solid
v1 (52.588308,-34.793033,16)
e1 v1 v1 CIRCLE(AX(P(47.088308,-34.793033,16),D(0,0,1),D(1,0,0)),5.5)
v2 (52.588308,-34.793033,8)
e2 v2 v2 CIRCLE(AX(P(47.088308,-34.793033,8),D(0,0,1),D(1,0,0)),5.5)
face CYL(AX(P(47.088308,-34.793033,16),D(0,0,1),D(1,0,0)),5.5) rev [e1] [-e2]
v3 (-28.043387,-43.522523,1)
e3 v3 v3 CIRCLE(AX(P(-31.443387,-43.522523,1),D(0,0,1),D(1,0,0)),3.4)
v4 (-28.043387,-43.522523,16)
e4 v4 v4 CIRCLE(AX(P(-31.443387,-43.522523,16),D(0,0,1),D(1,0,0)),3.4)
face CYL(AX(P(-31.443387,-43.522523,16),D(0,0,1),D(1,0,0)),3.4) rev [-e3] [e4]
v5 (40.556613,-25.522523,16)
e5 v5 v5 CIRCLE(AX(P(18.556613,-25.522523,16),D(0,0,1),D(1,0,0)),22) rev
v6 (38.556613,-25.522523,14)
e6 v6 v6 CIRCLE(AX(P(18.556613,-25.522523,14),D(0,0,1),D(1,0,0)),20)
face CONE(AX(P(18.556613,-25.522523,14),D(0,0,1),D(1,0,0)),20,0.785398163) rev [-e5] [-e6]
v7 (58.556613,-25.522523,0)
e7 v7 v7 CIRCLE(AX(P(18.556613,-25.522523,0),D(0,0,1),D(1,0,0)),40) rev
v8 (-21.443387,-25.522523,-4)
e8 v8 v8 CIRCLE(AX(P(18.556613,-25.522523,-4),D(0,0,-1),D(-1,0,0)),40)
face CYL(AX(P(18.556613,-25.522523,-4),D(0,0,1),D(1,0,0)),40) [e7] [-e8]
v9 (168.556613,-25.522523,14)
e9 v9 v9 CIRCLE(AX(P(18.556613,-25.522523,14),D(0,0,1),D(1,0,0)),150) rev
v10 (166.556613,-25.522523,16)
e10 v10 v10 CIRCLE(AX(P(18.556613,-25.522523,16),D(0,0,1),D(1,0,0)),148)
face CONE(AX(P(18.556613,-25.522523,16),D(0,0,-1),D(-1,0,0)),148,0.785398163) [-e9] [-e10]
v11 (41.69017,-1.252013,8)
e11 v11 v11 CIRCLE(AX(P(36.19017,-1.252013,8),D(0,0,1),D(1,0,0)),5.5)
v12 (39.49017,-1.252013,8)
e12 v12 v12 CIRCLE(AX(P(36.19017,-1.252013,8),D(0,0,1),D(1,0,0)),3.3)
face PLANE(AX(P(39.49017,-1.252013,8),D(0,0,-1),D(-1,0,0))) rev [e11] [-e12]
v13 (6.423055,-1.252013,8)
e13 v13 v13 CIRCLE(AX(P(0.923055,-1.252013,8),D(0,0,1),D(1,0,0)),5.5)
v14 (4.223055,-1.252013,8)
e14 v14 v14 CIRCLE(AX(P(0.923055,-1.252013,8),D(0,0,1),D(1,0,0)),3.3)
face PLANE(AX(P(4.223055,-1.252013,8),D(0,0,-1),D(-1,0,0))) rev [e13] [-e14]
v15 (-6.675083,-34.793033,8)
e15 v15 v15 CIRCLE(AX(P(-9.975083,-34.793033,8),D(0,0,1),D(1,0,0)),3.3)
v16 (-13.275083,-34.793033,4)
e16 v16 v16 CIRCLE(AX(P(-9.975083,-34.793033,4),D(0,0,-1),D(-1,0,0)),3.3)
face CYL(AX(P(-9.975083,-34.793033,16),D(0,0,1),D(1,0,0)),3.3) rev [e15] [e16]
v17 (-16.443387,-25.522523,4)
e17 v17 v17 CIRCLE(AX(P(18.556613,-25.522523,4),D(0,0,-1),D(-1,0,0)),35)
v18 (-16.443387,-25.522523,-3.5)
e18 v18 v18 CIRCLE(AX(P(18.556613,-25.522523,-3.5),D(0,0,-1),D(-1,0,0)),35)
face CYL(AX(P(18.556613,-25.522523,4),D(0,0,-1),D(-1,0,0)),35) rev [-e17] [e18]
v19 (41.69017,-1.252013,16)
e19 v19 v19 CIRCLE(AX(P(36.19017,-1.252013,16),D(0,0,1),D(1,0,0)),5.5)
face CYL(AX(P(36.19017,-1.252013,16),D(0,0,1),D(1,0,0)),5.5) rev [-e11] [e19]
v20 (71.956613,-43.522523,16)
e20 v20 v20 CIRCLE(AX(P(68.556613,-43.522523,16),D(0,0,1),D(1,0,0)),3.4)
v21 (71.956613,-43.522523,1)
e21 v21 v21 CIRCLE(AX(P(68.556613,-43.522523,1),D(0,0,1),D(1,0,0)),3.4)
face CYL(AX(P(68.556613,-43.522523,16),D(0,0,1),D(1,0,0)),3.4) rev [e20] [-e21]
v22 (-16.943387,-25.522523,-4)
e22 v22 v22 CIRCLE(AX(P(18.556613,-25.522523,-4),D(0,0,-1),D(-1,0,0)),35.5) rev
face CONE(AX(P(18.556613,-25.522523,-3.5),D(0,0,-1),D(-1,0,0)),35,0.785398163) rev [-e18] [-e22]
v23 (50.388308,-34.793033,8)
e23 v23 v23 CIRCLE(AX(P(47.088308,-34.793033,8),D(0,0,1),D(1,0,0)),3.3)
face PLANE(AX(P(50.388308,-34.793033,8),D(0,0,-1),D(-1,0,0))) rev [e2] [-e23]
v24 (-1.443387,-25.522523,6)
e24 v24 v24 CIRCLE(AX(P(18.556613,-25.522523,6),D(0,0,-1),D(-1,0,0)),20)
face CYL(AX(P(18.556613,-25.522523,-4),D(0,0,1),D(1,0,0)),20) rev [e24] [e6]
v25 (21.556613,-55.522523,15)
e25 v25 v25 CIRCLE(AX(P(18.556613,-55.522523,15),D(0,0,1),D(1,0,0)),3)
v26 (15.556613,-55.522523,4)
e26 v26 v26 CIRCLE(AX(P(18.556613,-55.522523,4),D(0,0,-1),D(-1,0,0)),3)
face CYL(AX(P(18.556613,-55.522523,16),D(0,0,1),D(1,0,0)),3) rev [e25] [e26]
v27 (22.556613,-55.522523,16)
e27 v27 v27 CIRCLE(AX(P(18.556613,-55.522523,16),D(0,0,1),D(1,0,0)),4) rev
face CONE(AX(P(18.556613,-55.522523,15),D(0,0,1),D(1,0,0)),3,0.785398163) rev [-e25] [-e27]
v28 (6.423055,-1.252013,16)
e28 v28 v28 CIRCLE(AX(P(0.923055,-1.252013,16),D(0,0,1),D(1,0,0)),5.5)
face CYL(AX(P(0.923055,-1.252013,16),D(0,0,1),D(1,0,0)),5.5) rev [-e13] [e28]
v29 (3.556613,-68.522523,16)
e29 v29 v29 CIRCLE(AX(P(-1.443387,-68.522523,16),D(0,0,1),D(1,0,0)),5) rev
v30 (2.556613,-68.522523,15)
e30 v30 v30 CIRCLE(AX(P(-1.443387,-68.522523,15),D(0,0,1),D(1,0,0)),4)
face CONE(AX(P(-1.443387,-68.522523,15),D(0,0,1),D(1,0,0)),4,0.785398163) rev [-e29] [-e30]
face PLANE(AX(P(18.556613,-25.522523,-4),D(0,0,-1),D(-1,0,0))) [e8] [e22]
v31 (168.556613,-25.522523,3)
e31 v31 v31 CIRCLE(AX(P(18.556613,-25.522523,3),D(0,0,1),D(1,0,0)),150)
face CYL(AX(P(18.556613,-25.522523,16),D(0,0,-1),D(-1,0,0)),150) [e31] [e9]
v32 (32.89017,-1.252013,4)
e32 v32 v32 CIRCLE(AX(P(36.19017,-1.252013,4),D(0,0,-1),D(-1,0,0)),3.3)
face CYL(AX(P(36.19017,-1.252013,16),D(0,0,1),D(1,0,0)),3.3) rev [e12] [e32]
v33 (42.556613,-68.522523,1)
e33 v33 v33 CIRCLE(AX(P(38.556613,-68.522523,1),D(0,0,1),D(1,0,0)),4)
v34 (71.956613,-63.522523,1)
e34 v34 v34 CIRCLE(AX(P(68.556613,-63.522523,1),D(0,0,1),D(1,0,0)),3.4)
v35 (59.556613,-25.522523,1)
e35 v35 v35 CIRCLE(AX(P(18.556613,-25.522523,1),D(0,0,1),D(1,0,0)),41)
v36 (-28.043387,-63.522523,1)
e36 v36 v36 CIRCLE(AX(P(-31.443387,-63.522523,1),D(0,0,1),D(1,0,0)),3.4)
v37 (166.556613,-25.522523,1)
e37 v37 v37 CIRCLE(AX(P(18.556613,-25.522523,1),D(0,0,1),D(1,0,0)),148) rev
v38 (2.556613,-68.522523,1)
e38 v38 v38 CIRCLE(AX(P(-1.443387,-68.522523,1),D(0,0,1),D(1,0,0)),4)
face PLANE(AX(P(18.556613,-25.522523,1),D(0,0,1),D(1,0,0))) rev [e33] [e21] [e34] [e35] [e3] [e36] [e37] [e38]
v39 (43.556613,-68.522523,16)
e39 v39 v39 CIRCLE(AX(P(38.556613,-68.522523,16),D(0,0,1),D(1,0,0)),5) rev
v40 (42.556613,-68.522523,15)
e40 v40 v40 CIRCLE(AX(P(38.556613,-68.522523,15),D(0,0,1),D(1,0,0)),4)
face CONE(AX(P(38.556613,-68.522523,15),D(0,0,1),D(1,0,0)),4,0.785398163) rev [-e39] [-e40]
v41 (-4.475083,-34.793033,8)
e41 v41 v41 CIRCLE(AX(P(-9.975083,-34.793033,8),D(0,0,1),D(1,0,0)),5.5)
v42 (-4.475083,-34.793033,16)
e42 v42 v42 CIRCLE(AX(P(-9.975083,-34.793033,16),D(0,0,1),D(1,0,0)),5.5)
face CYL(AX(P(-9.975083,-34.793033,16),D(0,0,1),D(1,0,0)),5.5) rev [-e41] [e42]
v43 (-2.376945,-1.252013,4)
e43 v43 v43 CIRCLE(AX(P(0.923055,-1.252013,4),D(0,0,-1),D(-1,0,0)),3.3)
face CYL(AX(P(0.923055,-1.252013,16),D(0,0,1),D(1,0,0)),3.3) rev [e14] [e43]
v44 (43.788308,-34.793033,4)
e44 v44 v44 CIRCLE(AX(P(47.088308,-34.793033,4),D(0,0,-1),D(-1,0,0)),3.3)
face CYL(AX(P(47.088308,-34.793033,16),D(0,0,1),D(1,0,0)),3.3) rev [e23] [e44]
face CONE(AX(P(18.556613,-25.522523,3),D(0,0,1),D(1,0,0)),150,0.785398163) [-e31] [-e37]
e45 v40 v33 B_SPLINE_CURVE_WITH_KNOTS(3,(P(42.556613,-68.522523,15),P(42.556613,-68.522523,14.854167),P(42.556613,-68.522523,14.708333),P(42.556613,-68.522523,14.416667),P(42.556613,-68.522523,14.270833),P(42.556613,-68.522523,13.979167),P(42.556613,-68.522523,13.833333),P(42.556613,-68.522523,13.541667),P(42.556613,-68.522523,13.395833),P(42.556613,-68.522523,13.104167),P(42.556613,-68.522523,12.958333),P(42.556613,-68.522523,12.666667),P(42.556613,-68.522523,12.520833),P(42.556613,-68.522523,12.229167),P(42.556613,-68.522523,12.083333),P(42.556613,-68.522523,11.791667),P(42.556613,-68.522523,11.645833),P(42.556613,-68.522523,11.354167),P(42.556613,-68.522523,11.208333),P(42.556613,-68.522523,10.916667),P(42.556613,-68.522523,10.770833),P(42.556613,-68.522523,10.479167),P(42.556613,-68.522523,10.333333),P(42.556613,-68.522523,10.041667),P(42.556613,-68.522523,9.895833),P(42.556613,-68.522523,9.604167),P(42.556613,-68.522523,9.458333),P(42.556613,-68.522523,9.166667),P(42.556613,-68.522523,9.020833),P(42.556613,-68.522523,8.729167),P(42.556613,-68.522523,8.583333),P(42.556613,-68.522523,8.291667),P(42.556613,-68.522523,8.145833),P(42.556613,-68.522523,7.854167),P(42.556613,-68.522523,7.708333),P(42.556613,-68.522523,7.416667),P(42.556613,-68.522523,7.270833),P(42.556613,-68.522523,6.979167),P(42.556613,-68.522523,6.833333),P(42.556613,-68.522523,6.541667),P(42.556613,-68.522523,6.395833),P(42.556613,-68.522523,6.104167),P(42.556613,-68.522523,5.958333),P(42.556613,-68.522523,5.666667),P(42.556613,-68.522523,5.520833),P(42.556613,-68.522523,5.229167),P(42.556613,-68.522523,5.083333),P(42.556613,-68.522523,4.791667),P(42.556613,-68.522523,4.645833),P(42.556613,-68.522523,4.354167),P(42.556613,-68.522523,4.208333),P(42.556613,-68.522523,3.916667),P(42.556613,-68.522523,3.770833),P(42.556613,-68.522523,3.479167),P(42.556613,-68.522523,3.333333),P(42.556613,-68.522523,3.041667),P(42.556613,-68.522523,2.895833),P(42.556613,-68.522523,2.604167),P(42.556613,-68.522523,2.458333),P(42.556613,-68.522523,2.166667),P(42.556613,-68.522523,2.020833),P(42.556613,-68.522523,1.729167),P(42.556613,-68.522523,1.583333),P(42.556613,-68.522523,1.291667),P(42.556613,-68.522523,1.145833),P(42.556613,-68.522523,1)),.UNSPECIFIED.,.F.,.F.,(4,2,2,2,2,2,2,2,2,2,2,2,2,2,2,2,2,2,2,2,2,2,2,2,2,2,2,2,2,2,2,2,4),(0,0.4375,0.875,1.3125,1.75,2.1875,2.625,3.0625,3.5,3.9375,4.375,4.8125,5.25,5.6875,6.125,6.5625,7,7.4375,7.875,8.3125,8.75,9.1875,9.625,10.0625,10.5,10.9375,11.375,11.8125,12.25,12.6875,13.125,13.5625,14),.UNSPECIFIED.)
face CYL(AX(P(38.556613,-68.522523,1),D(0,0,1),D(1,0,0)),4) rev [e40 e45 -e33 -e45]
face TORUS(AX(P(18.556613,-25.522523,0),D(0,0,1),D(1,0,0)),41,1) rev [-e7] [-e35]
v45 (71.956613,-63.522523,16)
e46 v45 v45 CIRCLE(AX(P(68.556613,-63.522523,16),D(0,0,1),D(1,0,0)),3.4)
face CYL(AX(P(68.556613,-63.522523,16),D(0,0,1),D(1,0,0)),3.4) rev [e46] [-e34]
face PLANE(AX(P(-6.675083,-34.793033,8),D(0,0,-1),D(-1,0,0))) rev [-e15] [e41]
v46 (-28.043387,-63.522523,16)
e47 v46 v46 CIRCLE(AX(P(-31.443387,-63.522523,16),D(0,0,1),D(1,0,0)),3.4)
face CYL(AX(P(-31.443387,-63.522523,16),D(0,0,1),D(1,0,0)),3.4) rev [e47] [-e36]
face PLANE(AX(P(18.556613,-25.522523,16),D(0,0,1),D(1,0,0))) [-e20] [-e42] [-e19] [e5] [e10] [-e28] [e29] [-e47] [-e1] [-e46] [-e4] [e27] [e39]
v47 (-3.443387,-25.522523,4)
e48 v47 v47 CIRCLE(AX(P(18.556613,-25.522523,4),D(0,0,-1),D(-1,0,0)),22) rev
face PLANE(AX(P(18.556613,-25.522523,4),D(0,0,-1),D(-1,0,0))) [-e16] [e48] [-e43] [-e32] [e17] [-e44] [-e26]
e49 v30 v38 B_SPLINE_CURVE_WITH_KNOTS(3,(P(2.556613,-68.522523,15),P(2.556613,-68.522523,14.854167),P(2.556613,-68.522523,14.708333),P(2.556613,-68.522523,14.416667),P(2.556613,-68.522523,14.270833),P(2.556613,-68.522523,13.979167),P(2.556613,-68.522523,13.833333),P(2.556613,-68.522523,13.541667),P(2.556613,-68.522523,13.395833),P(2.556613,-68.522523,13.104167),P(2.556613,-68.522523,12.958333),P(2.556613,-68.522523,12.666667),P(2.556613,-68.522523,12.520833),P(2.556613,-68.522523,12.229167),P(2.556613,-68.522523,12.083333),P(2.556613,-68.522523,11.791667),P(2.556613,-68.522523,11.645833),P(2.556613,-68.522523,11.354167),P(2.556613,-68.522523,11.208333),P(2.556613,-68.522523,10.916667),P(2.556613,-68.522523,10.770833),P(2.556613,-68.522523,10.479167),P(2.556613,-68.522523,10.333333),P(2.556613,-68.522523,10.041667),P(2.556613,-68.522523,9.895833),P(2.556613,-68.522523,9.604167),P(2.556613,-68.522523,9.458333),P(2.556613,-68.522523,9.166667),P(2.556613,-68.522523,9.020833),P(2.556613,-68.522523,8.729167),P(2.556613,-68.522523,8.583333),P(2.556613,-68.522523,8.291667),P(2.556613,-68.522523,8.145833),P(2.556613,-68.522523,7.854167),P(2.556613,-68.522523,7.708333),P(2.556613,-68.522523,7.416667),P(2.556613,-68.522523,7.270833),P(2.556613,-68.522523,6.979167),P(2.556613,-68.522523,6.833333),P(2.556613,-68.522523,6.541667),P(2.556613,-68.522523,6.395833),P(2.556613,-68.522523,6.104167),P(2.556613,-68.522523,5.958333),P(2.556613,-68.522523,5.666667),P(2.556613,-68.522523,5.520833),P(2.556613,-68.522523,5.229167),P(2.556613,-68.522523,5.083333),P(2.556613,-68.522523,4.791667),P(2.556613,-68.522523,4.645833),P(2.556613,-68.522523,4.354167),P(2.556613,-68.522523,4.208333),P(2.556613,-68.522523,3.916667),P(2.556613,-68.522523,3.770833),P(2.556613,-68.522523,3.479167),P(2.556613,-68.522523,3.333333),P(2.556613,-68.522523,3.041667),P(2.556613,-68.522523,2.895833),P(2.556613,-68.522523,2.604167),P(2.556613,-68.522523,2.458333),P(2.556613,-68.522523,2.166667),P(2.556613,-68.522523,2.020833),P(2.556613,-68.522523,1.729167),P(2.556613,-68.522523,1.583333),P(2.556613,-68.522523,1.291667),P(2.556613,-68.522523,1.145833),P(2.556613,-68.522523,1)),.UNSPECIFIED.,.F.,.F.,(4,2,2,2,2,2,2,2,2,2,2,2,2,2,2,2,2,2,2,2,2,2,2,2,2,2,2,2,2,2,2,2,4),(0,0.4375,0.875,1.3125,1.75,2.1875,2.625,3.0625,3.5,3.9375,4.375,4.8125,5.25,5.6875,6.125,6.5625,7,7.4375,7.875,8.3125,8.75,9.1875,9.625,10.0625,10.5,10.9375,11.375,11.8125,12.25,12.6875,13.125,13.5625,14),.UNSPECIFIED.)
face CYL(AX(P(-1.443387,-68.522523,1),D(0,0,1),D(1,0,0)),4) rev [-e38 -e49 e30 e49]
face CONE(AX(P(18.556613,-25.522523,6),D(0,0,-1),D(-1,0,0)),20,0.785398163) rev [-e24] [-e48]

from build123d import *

# Parameters (mm, degrees)
SKETCH_2_R                = 150
EXTRUDE_1_DEPTH           = 15
SKETCH_3_R                = 35
CUT_EXTRUDE_1_DEPTH       = 3
EXTRUDE_START             = 16.5
SKETCH_4_R                = 38.5
SKETCH_4_R_2              = 35
EXTRUDE_2_DEPTH           = 16.5
EXTRUDE_START_2           = 13.5
SKETCH_5_R                = 46.5
SKETCH_5_R_2              = 38.5
EXTRUDE_3_DEPTH           = 13.5
CHAMFER_1_SIZE            = 0.5
HOLE_WIZARD_1_D           = 6.6
HOLE_WIZARD_1_CBORE_D     = 11
HOLE_WIZARD_1_CBORE_DEPTH = 8
HOLE_WIZARD_6_0_6_1_D     = 6
CHAMFER_3_SIZE            = 1
CUT_EXTRUDE_START         = 69
SKETCH_20_R               = 46.5
CUT_EXTRUDE_5_DEPTH       = 69
SKETCH_22_R               = 4
CUT_EXTRUDE_7_DEPTH       = 244.812402925
CHAMFER_6_SIZE            = 1
HOLE_WIZARD_M8_1_D        = 6.8
EXTRUDE_START_3           = 5
SKETCH_27_R               = 40
SKETCH_27_R_2             = 35
EXTRUDE_4_DEPTH           = 5
CHAMFER_7_SIZE            = 0.5
CHAMFER_8_SIZE            = 2
SKETCH_25_R               = 20
CUT_EXTRUDE_8_DEPTH       = 245.171021663
CHAMFER_9_SIZE            = 2
FILLET_1_R                = 1


with BuildPart() as part:
    # 草图2 → 凸台-拉伸1 (new body)
    with BuildSketch(Plane.XY.offset(1)):
        with Locations((18.556612769, -25.522523089)):
            Circle(SKETCH_2_R)
    extrude(amount=EXTRUDE_1_DEPTH)

    # 草图3 → 切除-拉伸1 (cut)
    with BuildSketch(Plane(origin=(0, 0, 1), x_dir=(-1, 0, 0), z_dir=(0, 0, -1))):
        with Locations((-18.556612769, -25.522523089)):
            Circle(SKETCH_3_R)
    extrude(amount=-CUT_EXTRUDE_1_DEPTH, mode=Mode.SUBTRACT)

    # 草图4 → 凸台-拉伸2 (add)
    with BuildSketch(Plane(origin=(0, 0, 1), x_dir=(-1, 0, 0), z_dir=(0, 0, -1)).offset(EXTRUDE_START)):
        with Locations(Location((-18.556612769, -25.522523089, 0), (0, 0, 180))):
            Circle(SKETCH_4_R)
        with Locations((-18.556612769, -25.522523089)):
            Circle(SKETCH_4_R_2, mode=Mode.SUBTRACT)
    extrude(amount=-EXTRUDE_2_DEPTH)

    # 草图5 → 凸台-拉伸3 (add)
    with BuildSketch(Plane(origin=(0, 0, 1), x_dir=(-1, 0, 0), z_dir=(0, 0, -1)).offset(EXTRUDE_START_2)):
        with Locations(Location((-18.556612769, -25.522523089, 0), (0, 0, 180))):
            Circle(SKETCH_5_R)
        with Locations(Location((-18.556612769, -25.522523089, 0), (0, 0, 90))):
            Circle(SKETCH_5_R_2, mode=Mode.SUBTRACT)
    extrude(amount=-EXTRUDE_3_DEPTH)

    # 倒角1
    chamfer_1_edges = [part.edges().sort_by_distance(p)[0] for p in [
        (53.556612769, -25.522523089, -15.5),
        (-19.943387231, -25.522523089, -15.5),
    ]]
    chamfer(chamfer_1_edges, length=CHAMFER_1_SIZE)

    # 打孔尺寸根据内六角圆柱头螺钉的类型1 (through all)
    with Locations(Plane(origin=(42.626407432, -13.463363362, 16), x_dir=(1, 0, 0), z_dir=(0, 0, 1))):
        with Locations((-41.703352232, 12.211350104), (-6.436237094, 12.211350104), (4.461900826, -21.329669558), (-52.601490152, -21.329669558)):
            CounterBoreHole(HOLE_WIZARD_1_D / 2, HOLE_WIZARD_1_CBORE_D / 2, HOLE_WIZARD_1_CBORE_DEPTH)

    # Ø6.0 (6) 直径孔1 (through all)
    with Locations(Plane.XY.offset(16)):
        with Locations((18.556612769, -55.522523089)):
            Hole(HOLE_WIZARD_6_0_6_1_D / 2)

    # 倒角3
    chamfer_3_edges = [part.edges().sort_by_distance(p)[0] for p in [
        (21.556612769, -55.522523089, 16),
    ]]
    chamfer(chamfer_3_edges, length=CHAMFER_3_SIZE)

    # 草图20 → 切除-拉伸5 (cut)
    with BuildSketch(Plane(origin=(0, 0, 1), x_dir=(-1, 0, 0), z_dir=(0, 0, -1)).offset(CUT_EXTRUDE_START)):
        with Locations((-18.556612769, -25.522523089)):
            Circle(SKETCH_20_R)
    extrude(amount=-CUT_EXTRUDE_5_DEPTH, mode=Mode.SUBTRACT)

    # 草图22 → 切除-拉伸7 (cut, through all)
    with BuildSketch(Plane.XY.offset(16)):
        with Locations((-1.443387231, -68.522523089)):
            Circle(SKETCH_22_R)
        with Locations((38.556612769, -68.522523089)):
            Circle(SKETCH_22_R)
    extrude(amount=-CUT_EXTRUDE_7_DEPTH, mode=Mode.SUBTRACT)

    # 倒角6
    chamfer_6_edges = [part.edges().sort_by_distance(p)[0] for p in [
        (-5.443387231, -68.522523089, 16),
        (34.556612769, -68.522523089, 16),
    ]]
    chamfer(chamfer_6_edges, length=CHAMFER_6_SIZE)

    # M8 螺纹孔1 (through all)
    with Locations(Plane.XY.offset(16)):
        with Locations((-31.443387231, -43.522523089), (-31.443387231, -63.522523089), (68.556612769, -43.522523089), (68.556612769, -63.522523089), (18.556612769, -25.522523089)):
            Hole(HOLE_WIZARD_M8_1_D / 2)

    # 草图27 → 凸台-拉伸4 (add)
    with BuildSketch(Plane(origin=(0, 0, 1), x_dir=(-1, 0, 0), z_dir=(0, 0, -1)).offset(EXTRUDE_START_3)):
        with Locations(Location((-18.556612769, -25.522523089, 0), (0, 0, 180))):
            Circle(SKETCH_27_R)
        with Locations((-18.556612769, -25.522523089)):
            Circle(SKETCH_27_R_2, mode=Mode.SUBTRACT)
    extrude(amount=-EXTRUDE_4_DEPTH)

    # 倒角7
    chamfer_7_edges = [part.edges().sort_by_distance(p)[0] for p in [
        (53.556612769, -25.522523089, -4),
    ]]
    chamfer(chamfer_7_edges, length=CHAMFER_7_SIZE)

    # 倒角8
    chamfer_8_edges = [part.edges().sort_by_distance(p)[0] for p in [
        (-131.443387231, -25.522523089, 1),
        (-131.443387231, -25.522523089, 16),
    ]]
    chamfer(chamfer_8_edges, length=CHAMFER_8_SIZE)

    # 草图25 → 切除-拉伸8 (cut, through all)
    with BuildSketch(Plane.XY.offset(16)):
        with Locations((18.556612769, -25.522523089)):
            Circle(SKETCH_25_R)
    extrude(amount=-CUT_EXTRUDE_8_DEPTH, mode=Mode.SUBTRACT)

    # 倒角9
    chamfer_9_edges = [part.edges().sort_by_distance(p)[0] for p in [
        (-1.443387231, -25.522523089, 4),
        (-1.443387231, -25.522523089, 16),
    ]]
    chamfer(chamfer_9_edges, length=CHAMFER_9_SIZE)

    # 圆角1
    fillet_1_edges = [part.edges().sort_by_distance(p)[0] for p in [
        (-21.443387231, -25.522523089, 1),
    ]]
    fillet(fillet_1_edges, radius=FILLET_1_R)


solid = part.part
